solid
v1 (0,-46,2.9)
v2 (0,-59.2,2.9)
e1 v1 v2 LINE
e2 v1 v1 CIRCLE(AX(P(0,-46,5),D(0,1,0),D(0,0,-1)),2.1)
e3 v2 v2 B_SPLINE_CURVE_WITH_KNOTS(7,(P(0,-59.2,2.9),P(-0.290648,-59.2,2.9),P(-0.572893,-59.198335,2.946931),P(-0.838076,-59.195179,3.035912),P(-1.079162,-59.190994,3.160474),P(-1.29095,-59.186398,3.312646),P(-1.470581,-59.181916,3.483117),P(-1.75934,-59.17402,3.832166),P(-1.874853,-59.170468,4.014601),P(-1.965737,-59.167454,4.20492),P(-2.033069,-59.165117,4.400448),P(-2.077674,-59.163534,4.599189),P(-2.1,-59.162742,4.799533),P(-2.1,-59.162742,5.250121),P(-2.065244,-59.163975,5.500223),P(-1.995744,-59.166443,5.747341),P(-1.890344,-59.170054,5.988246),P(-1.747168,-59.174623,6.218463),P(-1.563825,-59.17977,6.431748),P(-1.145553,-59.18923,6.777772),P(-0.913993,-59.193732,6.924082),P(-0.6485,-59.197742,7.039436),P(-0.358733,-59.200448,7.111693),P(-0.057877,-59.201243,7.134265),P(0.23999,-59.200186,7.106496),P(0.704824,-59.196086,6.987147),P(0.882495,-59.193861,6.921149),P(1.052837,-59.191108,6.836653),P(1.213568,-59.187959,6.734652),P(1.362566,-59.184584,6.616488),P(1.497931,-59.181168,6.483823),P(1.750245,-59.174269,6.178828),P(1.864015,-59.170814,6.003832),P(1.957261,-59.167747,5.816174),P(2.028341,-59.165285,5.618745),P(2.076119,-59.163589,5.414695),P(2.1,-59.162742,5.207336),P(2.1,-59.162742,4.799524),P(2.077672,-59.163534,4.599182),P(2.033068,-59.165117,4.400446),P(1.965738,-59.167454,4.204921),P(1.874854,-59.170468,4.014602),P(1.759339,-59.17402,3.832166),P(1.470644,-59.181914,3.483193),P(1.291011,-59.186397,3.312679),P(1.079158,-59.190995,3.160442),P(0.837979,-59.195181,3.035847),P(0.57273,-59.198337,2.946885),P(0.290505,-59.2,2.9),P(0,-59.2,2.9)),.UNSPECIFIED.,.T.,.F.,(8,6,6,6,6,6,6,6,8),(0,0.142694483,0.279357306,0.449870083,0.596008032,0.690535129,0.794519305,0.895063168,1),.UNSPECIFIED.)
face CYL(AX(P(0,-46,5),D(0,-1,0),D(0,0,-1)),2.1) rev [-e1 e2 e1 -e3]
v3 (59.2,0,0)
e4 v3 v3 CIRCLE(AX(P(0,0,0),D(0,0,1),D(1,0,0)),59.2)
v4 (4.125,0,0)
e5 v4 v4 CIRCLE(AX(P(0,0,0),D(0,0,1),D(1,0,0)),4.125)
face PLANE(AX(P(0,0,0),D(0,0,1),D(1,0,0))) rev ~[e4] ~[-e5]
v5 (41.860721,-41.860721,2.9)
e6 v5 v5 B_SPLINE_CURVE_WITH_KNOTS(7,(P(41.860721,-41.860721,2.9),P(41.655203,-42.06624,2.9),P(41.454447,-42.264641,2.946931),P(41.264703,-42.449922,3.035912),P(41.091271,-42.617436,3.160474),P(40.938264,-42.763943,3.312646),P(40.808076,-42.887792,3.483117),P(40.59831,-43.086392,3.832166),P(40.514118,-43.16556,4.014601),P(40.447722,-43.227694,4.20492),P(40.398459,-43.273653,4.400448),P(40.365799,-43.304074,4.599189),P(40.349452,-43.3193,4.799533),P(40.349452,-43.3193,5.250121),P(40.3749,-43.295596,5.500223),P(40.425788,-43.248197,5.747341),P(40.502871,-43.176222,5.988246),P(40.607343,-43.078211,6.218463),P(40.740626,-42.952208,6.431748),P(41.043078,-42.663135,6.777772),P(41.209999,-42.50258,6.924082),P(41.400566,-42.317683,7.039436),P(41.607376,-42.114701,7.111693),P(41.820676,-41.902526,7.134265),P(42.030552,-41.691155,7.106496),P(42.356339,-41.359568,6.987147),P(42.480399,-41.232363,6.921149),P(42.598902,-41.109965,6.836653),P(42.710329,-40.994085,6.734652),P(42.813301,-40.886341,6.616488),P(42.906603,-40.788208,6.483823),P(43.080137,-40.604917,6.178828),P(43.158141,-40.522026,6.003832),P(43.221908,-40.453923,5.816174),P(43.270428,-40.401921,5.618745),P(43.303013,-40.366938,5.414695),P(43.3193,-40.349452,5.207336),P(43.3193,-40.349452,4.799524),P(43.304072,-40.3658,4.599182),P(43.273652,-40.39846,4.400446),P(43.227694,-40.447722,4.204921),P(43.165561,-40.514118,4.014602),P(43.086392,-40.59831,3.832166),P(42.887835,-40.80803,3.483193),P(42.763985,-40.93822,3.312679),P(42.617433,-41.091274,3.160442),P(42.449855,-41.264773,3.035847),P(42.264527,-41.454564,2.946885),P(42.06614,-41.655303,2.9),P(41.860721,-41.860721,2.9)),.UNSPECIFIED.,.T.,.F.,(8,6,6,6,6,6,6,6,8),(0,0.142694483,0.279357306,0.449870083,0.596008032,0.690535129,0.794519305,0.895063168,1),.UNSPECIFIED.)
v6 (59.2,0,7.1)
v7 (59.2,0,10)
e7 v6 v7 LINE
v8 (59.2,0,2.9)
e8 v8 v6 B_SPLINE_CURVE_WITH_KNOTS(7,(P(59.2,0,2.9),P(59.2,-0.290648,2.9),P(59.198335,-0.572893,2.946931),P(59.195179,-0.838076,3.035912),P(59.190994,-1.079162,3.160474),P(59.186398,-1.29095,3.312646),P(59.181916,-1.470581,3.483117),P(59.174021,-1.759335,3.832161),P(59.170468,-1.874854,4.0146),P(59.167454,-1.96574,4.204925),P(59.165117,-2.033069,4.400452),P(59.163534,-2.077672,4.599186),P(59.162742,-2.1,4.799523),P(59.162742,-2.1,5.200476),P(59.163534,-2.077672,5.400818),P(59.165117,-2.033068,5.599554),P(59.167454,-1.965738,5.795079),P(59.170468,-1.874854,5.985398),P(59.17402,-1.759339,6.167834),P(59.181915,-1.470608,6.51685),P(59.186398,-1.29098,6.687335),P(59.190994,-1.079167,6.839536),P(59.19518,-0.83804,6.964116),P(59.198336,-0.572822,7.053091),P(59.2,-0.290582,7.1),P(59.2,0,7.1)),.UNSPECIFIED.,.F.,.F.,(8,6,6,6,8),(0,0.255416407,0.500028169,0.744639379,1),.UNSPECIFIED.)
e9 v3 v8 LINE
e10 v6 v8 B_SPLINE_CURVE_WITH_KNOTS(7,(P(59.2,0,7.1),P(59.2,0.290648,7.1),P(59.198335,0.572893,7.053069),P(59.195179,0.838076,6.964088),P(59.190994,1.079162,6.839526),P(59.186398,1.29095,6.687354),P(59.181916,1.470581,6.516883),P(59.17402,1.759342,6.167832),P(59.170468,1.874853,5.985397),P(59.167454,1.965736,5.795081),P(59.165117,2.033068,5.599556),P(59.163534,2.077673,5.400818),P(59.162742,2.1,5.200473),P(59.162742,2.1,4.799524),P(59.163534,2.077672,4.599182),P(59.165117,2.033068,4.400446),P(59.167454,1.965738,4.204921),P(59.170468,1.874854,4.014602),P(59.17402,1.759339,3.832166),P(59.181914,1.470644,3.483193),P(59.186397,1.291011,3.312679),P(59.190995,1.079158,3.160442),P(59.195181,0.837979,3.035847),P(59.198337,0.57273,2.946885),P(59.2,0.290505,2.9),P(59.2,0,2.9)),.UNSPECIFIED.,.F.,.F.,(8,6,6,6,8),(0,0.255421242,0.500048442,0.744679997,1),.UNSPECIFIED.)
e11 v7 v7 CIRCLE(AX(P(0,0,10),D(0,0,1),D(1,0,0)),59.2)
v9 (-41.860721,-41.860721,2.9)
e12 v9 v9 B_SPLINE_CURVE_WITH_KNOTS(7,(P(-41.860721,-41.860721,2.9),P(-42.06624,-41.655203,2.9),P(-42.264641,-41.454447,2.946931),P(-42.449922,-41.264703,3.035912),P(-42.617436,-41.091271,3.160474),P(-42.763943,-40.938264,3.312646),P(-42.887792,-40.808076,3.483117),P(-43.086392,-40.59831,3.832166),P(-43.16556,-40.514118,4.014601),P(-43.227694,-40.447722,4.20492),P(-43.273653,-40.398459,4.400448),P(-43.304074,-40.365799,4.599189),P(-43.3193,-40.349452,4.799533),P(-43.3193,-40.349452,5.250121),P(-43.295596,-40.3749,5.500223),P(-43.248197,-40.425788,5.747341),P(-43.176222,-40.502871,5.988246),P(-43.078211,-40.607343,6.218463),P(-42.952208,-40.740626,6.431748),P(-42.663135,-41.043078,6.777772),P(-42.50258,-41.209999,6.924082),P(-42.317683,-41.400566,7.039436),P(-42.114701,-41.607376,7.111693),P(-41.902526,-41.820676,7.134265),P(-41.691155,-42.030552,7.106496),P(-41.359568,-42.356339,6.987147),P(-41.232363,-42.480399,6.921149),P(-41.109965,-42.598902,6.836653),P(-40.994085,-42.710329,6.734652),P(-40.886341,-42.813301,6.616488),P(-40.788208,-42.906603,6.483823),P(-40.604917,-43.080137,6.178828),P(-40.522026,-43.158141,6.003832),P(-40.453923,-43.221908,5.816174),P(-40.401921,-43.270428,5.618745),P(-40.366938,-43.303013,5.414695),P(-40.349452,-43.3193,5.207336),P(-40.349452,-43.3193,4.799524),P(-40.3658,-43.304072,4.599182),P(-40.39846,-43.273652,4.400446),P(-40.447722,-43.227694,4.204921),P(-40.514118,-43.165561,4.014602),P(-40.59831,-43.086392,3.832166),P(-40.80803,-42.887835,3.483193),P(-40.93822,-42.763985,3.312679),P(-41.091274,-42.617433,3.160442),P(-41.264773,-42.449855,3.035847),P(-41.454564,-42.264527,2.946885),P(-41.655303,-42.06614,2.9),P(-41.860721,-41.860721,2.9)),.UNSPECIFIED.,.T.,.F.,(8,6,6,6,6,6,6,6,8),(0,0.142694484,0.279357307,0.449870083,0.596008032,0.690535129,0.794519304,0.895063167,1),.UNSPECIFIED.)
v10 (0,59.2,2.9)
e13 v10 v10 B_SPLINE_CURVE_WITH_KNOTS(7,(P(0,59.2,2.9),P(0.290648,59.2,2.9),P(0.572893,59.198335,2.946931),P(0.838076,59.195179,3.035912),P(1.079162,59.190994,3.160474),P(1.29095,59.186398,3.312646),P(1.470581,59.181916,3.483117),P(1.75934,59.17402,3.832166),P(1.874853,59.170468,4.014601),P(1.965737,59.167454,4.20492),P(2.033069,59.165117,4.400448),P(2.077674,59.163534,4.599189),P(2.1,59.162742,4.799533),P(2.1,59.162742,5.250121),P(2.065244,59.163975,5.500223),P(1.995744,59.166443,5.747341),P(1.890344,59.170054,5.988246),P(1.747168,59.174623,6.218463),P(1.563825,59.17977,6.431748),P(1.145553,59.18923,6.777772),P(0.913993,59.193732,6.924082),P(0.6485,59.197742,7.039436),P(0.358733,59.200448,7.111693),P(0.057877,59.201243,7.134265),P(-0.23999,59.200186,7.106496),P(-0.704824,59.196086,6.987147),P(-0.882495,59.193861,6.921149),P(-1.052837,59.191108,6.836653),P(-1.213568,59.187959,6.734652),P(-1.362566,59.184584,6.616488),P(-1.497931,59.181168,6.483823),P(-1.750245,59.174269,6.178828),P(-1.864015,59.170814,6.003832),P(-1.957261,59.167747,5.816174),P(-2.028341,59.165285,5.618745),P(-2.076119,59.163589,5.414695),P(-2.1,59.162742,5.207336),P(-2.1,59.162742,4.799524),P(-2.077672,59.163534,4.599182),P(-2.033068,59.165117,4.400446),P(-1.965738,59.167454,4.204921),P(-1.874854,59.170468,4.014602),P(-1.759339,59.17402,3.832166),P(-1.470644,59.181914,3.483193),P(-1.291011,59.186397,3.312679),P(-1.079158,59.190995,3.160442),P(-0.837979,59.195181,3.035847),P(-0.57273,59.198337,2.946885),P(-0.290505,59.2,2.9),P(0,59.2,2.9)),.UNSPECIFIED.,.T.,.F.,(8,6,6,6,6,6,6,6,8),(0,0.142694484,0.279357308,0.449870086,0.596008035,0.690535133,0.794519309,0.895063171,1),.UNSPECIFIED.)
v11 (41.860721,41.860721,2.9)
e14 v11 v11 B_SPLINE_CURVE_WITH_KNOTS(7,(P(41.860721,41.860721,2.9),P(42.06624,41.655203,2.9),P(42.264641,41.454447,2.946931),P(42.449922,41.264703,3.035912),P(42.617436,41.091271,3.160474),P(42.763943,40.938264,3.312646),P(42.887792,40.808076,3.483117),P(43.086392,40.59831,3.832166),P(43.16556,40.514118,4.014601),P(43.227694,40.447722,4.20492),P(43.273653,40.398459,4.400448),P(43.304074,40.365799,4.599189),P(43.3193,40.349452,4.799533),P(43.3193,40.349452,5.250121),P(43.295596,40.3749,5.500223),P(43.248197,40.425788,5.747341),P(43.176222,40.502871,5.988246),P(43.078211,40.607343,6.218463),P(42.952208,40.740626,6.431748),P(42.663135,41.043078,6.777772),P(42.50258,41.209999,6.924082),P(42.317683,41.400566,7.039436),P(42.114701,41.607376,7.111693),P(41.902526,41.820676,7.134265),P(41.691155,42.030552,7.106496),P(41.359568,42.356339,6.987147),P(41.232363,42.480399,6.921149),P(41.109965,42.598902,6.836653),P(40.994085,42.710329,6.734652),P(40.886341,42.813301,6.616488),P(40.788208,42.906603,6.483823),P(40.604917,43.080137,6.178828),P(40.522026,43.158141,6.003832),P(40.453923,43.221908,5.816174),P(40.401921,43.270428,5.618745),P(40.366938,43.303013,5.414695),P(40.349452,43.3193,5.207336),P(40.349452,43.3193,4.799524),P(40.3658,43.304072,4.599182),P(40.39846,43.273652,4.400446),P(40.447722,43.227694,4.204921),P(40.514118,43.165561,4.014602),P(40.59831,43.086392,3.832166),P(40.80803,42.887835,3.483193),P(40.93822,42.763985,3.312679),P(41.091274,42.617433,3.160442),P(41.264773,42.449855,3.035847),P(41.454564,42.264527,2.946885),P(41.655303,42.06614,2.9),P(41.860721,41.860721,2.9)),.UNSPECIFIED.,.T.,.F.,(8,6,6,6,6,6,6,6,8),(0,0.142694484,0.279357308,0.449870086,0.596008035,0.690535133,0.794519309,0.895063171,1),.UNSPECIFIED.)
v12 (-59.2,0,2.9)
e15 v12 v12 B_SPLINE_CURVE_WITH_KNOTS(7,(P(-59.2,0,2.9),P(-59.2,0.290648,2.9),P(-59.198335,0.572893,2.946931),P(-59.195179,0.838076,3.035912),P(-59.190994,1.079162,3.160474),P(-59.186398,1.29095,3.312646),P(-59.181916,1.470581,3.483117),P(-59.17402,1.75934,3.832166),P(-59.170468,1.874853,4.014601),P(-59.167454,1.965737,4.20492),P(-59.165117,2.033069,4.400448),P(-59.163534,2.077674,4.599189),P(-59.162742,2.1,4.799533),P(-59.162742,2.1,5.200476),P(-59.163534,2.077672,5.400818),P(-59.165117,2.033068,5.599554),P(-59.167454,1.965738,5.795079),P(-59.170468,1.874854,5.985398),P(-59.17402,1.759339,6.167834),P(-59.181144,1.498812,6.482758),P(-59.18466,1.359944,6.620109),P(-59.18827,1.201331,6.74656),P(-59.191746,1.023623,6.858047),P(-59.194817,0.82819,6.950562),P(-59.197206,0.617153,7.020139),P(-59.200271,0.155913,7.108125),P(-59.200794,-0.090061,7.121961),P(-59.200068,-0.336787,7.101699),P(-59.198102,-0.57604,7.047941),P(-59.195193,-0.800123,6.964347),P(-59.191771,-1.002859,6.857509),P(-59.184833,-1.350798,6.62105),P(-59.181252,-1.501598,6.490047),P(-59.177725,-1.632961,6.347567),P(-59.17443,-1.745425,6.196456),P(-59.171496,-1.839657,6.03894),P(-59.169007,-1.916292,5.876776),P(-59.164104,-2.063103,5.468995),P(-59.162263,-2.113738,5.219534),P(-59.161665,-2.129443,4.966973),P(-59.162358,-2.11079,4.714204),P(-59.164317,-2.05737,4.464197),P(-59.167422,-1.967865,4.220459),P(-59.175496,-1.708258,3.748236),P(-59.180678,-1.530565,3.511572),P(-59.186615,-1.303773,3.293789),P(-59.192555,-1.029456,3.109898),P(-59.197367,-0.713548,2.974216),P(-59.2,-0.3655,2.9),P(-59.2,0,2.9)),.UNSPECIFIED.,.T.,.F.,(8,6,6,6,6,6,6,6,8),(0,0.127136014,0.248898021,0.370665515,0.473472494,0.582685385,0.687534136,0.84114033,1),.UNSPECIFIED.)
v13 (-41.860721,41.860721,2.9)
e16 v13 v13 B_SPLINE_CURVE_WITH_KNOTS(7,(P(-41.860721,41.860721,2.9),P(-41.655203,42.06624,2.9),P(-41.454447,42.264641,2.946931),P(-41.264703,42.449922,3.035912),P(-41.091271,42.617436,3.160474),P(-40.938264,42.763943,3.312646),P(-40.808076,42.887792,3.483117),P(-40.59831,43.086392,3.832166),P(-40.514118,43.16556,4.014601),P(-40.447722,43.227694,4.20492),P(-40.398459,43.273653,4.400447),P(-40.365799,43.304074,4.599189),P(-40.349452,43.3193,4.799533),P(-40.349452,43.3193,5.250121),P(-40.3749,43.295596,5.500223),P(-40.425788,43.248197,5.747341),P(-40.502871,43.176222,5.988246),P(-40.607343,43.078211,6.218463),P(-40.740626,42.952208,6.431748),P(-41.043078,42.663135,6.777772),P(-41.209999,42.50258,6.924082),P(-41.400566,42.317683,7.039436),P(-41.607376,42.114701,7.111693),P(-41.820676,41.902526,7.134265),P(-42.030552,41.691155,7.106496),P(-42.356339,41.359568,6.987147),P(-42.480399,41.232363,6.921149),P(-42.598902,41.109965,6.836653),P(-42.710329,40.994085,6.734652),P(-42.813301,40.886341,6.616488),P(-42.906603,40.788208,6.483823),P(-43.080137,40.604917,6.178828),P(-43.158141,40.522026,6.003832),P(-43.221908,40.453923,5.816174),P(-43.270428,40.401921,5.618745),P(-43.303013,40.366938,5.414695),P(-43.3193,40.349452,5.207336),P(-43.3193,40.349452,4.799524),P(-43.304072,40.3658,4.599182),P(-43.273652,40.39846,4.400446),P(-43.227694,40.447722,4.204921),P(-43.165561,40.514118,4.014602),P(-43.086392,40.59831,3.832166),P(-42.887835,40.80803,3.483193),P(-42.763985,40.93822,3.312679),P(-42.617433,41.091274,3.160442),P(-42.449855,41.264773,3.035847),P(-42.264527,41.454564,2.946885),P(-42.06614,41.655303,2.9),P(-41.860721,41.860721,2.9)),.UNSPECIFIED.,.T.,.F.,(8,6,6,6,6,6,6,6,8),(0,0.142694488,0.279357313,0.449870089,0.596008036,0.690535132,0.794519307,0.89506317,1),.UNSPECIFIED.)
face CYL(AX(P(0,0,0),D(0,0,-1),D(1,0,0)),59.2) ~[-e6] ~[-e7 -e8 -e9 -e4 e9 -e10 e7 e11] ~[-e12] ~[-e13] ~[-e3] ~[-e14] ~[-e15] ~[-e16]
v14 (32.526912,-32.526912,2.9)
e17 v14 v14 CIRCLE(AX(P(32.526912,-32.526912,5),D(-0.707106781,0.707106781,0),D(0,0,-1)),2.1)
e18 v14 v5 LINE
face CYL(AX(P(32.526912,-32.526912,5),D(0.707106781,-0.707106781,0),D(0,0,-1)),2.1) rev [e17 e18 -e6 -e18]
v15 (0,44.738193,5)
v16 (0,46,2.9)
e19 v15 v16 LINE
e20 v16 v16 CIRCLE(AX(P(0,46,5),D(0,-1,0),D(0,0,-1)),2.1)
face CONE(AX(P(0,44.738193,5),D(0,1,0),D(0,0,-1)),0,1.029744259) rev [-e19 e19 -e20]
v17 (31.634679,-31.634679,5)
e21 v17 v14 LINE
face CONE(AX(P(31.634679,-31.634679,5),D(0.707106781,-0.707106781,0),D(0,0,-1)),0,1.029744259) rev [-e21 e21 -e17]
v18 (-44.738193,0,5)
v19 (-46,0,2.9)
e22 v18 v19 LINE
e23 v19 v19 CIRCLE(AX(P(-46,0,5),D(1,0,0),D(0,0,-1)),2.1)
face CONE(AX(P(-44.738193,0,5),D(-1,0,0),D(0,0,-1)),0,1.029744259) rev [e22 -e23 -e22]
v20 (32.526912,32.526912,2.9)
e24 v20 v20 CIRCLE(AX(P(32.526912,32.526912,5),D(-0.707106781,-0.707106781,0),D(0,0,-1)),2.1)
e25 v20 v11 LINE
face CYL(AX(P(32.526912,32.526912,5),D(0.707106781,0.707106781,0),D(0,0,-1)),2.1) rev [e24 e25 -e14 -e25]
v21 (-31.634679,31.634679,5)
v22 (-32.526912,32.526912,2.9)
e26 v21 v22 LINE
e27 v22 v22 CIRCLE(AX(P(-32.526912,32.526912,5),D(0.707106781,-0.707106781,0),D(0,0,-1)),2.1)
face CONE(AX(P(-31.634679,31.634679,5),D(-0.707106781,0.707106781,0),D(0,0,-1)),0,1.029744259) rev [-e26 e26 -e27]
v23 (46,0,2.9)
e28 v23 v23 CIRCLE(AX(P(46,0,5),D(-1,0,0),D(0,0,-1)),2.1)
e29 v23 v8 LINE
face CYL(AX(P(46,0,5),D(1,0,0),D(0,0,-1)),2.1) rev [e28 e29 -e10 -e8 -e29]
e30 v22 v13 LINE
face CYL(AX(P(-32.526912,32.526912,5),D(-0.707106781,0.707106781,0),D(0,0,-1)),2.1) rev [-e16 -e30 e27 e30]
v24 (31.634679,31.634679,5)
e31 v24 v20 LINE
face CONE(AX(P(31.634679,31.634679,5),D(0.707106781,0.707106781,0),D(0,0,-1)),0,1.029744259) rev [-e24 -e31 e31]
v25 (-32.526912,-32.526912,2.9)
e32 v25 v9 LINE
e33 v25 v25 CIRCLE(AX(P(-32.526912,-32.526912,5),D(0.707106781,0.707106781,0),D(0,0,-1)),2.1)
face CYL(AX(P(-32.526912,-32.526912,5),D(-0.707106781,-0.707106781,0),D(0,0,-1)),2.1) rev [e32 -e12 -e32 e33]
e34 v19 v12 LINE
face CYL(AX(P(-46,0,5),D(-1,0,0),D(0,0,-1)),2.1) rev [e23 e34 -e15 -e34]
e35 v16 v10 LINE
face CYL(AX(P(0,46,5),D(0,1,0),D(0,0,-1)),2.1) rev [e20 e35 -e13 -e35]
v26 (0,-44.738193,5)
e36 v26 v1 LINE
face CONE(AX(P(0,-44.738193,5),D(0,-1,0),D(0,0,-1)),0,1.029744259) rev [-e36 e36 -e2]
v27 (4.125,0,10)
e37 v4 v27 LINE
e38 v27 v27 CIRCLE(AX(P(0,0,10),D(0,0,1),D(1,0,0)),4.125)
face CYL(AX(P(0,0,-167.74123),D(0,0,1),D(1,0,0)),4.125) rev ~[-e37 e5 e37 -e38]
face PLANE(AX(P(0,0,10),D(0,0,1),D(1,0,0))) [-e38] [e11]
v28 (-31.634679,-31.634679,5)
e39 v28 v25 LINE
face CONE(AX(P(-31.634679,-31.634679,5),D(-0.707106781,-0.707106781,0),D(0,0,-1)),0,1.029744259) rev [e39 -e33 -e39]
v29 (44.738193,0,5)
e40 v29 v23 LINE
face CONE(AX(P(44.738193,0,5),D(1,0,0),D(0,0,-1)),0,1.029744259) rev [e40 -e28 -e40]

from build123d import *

# Parameters (mm, degrees)
IZIM1_R                              = 59.2
Y_KSEKLIK_EKSTR_ZYON1_DEPTH          = 10
DAIRESEL_KAPLAMA1_COUNT              = 8
M8_HELISARMAL_I_IN_Z_VANA_MATKAB_2_D = 8.25


with BuildPart() as part:
    # Çizim1 → Yükseklik-Ekstrüzyon1 (new body)
    with BuildSketch(Plane.XY):
        Circle(IZIM1_R)
    extrude(amount=Y_KSEKLIK_EKSTR_ZYON1_DEPTH)

    # Çizim10 → M4x0.7 Helisarmal İçin Dişli Delik1 (revolve, cut)
    with BuildSketch(Plane(origin=(62, 0, 5), x_dir=(0, 0, -1), z_dir=(0, 1, 0))):
        Polygon((0, 0), (0, 17.2618073), (2.1, 16), (2.1, 0), align=None)
    m4x0_7_helisarmal_in_di_li_delik1 = revolve(axis=Axis((68.35, 0, 5), (-1, 0, 0)), mode=Mode.SUBTRACT)

    # Dairesel Kaplama1: M4x0.7 Helisarmal İçin Dişli Delik1 ×8 about axis
    dairesel_kaplama1_axis = Axis((0, 0, 10), (0, 0, -1))
    for i in range(1, DAIRESEL_KAPLAMA1_COUNT):
        add(m4x0_7_helisarmal_in_di_li_delik1.rotate(dairesel_kaplama1_axis, i * 360 / DAIRESEL_KAPLAMA1_COUNT), mode=Mode.SUBTRACT)

    # M8 Helisarmal için Zıvana matkabı2 (through all)
    with Locations(Plane(origin=(0, 0, 0), x_dir=(-1, 0, 0), z_dir=(0, 0, -1))):
        with Locations((0, 0)):
            Hole(M8_HELISARMAL_I_IN_Z_VANA_MATKAB_2_D / 2)


solid = part.part
